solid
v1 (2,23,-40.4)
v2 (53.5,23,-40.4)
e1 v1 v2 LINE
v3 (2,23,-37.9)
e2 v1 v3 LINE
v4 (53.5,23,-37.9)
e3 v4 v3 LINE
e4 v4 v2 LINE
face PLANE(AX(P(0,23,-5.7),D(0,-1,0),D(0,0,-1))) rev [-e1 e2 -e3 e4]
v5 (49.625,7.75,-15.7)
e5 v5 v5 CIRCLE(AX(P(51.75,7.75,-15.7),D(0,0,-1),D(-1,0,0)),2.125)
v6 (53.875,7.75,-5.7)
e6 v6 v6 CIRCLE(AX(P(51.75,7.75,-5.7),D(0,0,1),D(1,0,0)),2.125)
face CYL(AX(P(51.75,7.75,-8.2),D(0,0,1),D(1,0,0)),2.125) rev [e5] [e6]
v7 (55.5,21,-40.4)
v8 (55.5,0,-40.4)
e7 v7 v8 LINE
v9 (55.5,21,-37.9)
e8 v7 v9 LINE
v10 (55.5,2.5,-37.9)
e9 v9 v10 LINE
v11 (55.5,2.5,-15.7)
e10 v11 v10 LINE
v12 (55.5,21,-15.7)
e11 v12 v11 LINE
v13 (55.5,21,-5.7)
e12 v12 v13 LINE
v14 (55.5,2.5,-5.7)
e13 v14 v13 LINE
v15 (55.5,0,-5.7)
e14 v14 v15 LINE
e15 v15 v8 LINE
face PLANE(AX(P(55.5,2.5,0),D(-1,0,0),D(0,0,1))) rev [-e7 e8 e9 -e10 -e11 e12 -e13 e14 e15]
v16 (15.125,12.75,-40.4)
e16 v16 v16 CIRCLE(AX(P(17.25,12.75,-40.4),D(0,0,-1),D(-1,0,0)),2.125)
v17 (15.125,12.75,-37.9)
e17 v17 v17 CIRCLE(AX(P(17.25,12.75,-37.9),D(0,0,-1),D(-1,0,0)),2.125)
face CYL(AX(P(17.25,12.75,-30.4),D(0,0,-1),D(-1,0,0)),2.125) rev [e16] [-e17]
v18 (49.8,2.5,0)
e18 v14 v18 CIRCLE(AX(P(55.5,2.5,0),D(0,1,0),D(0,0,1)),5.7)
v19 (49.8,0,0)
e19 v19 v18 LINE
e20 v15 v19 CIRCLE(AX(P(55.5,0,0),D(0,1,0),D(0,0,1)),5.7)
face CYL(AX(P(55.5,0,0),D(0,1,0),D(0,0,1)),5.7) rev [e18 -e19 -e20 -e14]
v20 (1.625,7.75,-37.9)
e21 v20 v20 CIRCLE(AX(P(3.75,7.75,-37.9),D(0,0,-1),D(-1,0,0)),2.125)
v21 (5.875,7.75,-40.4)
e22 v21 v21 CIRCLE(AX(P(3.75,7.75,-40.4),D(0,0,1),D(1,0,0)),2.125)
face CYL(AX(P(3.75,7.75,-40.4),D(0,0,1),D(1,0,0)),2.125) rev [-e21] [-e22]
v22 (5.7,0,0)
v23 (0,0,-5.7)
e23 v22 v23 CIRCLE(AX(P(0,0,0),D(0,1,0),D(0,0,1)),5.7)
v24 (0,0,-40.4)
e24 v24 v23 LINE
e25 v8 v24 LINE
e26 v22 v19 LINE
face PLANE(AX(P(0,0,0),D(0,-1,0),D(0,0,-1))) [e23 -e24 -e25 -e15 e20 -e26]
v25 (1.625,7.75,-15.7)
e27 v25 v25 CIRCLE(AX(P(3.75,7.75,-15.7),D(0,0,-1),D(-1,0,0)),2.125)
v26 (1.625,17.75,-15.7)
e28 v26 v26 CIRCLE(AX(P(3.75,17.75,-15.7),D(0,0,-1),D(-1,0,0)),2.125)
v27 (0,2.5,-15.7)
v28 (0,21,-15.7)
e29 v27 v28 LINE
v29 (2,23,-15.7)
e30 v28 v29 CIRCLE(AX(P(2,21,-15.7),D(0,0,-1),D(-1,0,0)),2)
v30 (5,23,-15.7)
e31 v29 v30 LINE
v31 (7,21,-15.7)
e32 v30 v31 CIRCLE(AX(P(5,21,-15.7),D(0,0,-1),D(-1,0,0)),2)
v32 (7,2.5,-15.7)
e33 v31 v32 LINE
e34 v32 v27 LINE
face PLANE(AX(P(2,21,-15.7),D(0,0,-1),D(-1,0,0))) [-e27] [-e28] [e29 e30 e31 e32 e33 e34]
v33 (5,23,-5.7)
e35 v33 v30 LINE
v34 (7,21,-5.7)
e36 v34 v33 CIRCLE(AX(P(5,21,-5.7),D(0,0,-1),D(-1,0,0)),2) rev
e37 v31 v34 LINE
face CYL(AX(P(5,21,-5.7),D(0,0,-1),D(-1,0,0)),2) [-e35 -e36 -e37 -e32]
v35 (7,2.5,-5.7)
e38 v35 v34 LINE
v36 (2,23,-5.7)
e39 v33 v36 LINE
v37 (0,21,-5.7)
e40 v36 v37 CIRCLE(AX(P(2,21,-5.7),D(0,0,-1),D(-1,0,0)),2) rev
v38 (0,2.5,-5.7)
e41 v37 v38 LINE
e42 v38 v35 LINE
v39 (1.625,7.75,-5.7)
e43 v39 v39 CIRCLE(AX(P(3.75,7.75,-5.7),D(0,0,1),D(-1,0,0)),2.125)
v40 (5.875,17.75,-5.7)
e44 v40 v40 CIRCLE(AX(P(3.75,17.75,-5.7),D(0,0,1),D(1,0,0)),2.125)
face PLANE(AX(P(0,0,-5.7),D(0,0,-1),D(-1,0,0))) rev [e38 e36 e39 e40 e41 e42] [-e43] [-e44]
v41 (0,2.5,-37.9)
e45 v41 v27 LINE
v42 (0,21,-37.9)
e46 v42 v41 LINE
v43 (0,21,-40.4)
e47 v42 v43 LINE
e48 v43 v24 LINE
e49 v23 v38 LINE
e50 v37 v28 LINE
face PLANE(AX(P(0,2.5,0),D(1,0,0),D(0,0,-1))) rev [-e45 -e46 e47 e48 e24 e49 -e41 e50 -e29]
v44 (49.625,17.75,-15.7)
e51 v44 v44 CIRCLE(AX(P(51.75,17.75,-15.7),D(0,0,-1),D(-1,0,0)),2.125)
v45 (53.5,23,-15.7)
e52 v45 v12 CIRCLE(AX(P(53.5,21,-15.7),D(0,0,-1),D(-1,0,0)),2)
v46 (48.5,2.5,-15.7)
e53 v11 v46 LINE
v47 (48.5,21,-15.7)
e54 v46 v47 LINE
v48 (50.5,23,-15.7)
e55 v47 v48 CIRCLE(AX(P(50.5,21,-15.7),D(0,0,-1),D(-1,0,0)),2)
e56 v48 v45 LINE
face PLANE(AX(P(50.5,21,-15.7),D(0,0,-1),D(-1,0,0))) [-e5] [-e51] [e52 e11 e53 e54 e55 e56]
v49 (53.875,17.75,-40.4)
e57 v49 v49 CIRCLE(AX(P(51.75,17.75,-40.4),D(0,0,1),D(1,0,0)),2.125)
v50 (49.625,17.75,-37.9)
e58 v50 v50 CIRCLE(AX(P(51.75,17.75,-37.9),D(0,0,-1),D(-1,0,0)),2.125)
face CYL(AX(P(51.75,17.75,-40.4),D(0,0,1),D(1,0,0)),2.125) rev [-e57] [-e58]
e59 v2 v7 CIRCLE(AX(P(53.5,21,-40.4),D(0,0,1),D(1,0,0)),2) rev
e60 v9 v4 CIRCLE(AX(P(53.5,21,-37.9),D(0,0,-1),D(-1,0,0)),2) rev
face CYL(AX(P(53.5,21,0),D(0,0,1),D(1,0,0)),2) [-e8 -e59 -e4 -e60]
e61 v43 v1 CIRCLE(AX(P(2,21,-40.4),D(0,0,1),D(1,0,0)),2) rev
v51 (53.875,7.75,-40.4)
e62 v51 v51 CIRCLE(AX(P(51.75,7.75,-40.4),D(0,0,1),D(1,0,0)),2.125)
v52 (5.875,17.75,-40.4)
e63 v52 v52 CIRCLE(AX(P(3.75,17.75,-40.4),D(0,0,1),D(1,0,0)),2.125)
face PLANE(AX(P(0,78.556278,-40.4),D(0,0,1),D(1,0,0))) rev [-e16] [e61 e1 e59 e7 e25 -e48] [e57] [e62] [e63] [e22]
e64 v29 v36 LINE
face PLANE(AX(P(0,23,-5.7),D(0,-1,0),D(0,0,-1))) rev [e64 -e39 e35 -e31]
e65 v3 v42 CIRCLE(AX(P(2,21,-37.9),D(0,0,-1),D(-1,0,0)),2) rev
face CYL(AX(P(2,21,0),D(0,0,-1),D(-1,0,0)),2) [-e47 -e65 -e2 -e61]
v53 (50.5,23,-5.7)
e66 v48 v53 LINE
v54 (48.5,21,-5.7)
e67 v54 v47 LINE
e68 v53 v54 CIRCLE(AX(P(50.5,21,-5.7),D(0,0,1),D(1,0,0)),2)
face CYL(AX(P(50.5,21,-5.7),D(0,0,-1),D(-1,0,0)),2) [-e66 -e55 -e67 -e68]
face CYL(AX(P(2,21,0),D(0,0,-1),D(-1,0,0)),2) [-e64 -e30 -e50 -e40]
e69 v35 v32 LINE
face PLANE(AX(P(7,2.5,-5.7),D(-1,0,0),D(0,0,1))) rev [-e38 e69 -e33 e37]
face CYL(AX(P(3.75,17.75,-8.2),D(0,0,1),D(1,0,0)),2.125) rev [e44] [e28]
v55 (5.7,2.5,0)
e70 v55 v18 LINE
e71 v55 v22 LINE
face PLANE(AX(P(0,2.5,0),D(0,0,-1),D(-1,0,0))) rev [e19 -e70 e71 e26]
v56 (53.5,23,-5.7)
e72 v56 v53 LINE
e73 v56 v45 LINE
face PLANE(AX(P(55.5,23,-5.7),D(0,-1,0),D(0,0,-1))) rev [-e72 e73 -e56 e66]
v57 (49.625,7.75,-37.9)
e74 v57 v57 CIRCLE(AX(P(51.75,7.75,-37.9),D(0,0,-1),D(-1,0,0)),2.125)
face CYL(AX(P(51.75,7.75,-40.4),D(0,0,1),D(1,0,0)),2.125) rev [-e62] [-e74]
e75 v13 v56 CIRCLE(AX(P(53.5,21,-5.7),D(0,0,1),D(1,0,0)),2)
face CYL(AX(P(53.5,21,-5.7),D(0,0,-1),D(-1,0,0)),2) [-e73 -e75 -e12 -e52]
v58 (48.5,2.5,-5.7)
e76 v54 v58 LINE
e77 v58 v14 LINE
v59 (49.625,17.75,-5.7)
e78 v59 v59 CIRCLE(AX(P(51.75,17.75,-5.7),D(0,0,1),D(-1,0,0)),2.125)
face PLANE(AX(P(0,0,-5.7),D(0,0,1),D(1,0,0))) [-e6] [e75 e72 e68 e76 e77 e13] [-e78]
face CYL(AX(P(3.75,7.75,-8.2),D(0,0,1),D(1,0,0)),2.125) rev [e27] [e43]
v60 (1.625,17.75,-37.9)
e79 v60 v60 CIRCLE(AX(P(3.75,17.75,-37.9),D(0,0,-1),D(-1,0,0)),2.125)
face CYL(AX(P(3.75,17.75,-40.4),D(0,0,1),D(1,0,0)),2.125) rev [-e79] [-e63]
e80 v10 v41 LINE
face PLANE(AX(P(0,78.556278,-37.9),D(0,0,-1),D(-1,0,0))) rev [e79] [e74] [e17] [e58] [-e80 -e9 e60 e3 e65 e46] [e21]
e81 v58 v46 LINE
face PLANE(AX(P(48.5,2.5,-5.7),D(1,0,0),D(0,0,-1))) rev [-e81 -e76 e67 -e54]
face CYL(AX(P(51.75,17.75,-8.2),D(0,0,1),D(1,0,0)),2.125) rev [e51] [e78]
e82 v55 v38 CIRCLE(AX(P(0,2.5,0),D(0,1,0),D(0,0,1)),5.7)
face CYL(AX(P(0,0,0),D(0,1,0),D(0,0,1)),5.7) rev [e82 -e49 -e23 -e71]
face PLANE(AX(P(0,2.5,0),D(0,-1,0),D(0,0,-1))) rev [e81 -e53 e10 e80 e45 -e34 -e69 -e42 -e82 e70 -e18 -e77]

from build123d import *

# Parameters (mm, degrees)
SKETCH1_W                   = 55.5
SKETCH1_H                   = 37.9
BRACKETBASE_DEPTH           = 2.5
SKETCH2_W                   = 7
SKETCH2_H                   = 20.5
SERVOMOUNTINGHOLETABS_DEPTH = 2.5
SKETCH3_R                   = 2.125
SERVOMOUNTINGHOLES_DEPTH    = 2.5
SKETCH4_W                   = 55.5
SKETCH4_H                   = 2.5
BASEWALL_DEPTH              = 23
SKETCH6_R                   = 5.7
BASETRIM_DEPTH              = 2.5
FILLET1_R                   = 2
SKETCH7_R                   = 2.125
M4MOUNTINGHOLE_DEPTH        = 10
SKETCH8_R                   = 2.125
BOSS_EXTRUDE1_DEPTH         = 7.5
SKETCH9_R                   = 2.125
CUT_EXTRUDE1_DEPTH          = 70.378238663


with BuildPart() as part:
    # Sketch1 → bracketBase (new body)
    with BuildSketch(Plane(origin=(0, 0, 0), x_dir=(1, 0, 0), z_dir=(0, 1, 0))):
        with Locations((27.75, 18.95)):
            Rectangle(SKETCH1_W, SKETCH1_H)
    extrude(amount=BRACKETBASE_DEPTH)

    # Sketch2 → servoMountingHoleTabs (add)
    with BuildSketch(Plane.XY.offset(-8.2)):
        with Locations((3.5, 12.75)):
            Rectangle(SKETCH2_W, SKETCH2_H)
        with Locations((52, 12.75)):
            Rectangle(SKETCH2_W, SKETCH2_H)
    extrude(amount=SERVOMOUNTINGHOLETABS_DEPTH)

    # Sketch3 → servoMountingHoles (cut)
    with BuildSketch(Plane.XY.offset(-5.7)):
        with Locations((3.75, 17.75)):
            Circle(SKETCH3_R)
        with Locations(Location((3.75, 7.75, 0), (0, 0, 180))):
            Circle(SKETCH3_R)
        with Locations((51.75, 7.75)):
            Circle(SKETCH3_R)
        with Locations(Location((51.75, 17.75, 0), (0, 0, 180))):
            Circle(SKETCH3_R)
    extrude(amount=-SERVOMOUNTINGHOLES_DEPTH, mode=Mode.SUBTRACT)

    # Sketch4 → baseWall (add)
    with BuildSketch(Plane(origin=(0, 0, 0), x_dir=(1, 0, 0), z_dir=(0, 1, 0))):
        with Locations((27.75, 39.15)):
            Rectangle(SKETCH4_W, SKETCH4_H)
    extrude(amount=BASEWALL_DEPTH)

    # Sketch6 → baseTrim (cut)
    with BuildSketch(Plane(origin=(0, 2.5, 0), x_dir=(1, 0, 0), z_dir=(0, 1, 0))):
        Circle(SKETCH6_R)
        with Locations((55.5, 0)):
            Circle(SKETCH6_R)
    extrude(amount=-BASETRIM_DEPTH, mode=Mode.SUBTRACT)

    # Fillet1
    fillet1_edges = [part.edges().sort_by_distance(p)[0] for p in [
        (0, 23, -6.95),
        (7, 23, -6.95),
        (55.5, 23, -6.95),
        (48.5, 23, -6.95),
        (55.5, 23, -39.15),
        (0, 23, -39.15),
    ]]
    fillet(fillet1_edges, radius=FILLET1_R)

    # Sketch7 → M4mountingHole (cut)
    with BuildSketch(Plane(origin=(0, 0, -40.4), x_dir=(-1, 0, 0), z_dir=(0, 0, -1))):
        with Locations((-17.25, 12.75)):
            Circle(SKETCH7_R)
    extrude(amount=-M4MOUNTINGHOLE_DEPTH, mode=Mode.SUBTRACT)

    # Sketch8 → Boss-Extrude1 (add)
    # profile 1 of 2: a face of its own
    with BuildSketch(Plane(origin=(0, 0, -8.2), x_dir=(-1, 0, 0), z_dir=(0, 0, -1))):
        with BuildLine():
            Line((-48.5, 2.5), (-48.5, 21))
            ThreePointArc((-48.5, 21), (-49.085786438, 22.414213562), (-50.5, 23))
            Line((-50.5, 23), (-53.5, 23))
            ThreePointArc((-53.5, 23), (-54.914213562, 22.414213562), (-55.5, 21))
            Line((-55.5, 21), (-55.5, 2.5))
            Line((-55.5, 2.5), (-48.5, 2.5))
        make_face()
        with Locations((-51.75, 17.75)):
            Circle(SKETCH8_R, mode=Mode.SUBTRACT)
        with Locations(Location((-51.75, 7.75, 0), (0, 0, 180))):
            Circle(SKETCH8_R, mode=Mode.SUBTRACT)
    # profile 2 of 2: a face of its own
    with BuildSketch(Plane(origin=(0, 0, -8.2), x_dir=(-1, 0, 0), z_dir=(0, 0, -1))):
        with BuildLine():
            Line((-2, 23), (-5, 23))
            ThreePointArc((-5, 23), (-6.414213562, 22.414213562), (-7, 21))
            Line((-7, 21), (-7, 2.5))
            Line((-7, 2.5), (0, 2.5))
            Line((0, 2.5), (0, 21))
            ThreePointArc((0, 21), (-0.585786438, 22.414213562), (-2, 23))
        make_face()
        with Locations(Location((-3.75, 17.75, 0), (0, 0, 180))):
            Circle(SKETCH8_R, mode=Mode.SUBTRACT)
        with Locations((-3.75, 7.75)):
            Circle(SKETCH8_R, mode=Mode.SUBTRACT)
    extrude(amount=BOSS_EXTRUDE1_DEPTH)

    # Sketch9 → Cut-Extrude1 (cut, through all)
    with BuildSketch(Plane.XY.offset(-5.7)):
        with Locations((3.75, 17.75)):
            Circle(SKETCH9_R)
        with Locations(Location((3.75, 7.75, 0), (0, 0, 180))):
            Circle(SKETCH9_R)
        with Locations(Location((51.75, 17.75, 0), (0, 0, 180))):
            Circle(SKETCH9_R)
        with Locations((51.75, 7.75)):
            Circle(SKETCH9_R)
    extrude(amount=-CUT_EXTRUDE1_DEPTH, mode=Mode.SUBTRACT)


solid = part.part
